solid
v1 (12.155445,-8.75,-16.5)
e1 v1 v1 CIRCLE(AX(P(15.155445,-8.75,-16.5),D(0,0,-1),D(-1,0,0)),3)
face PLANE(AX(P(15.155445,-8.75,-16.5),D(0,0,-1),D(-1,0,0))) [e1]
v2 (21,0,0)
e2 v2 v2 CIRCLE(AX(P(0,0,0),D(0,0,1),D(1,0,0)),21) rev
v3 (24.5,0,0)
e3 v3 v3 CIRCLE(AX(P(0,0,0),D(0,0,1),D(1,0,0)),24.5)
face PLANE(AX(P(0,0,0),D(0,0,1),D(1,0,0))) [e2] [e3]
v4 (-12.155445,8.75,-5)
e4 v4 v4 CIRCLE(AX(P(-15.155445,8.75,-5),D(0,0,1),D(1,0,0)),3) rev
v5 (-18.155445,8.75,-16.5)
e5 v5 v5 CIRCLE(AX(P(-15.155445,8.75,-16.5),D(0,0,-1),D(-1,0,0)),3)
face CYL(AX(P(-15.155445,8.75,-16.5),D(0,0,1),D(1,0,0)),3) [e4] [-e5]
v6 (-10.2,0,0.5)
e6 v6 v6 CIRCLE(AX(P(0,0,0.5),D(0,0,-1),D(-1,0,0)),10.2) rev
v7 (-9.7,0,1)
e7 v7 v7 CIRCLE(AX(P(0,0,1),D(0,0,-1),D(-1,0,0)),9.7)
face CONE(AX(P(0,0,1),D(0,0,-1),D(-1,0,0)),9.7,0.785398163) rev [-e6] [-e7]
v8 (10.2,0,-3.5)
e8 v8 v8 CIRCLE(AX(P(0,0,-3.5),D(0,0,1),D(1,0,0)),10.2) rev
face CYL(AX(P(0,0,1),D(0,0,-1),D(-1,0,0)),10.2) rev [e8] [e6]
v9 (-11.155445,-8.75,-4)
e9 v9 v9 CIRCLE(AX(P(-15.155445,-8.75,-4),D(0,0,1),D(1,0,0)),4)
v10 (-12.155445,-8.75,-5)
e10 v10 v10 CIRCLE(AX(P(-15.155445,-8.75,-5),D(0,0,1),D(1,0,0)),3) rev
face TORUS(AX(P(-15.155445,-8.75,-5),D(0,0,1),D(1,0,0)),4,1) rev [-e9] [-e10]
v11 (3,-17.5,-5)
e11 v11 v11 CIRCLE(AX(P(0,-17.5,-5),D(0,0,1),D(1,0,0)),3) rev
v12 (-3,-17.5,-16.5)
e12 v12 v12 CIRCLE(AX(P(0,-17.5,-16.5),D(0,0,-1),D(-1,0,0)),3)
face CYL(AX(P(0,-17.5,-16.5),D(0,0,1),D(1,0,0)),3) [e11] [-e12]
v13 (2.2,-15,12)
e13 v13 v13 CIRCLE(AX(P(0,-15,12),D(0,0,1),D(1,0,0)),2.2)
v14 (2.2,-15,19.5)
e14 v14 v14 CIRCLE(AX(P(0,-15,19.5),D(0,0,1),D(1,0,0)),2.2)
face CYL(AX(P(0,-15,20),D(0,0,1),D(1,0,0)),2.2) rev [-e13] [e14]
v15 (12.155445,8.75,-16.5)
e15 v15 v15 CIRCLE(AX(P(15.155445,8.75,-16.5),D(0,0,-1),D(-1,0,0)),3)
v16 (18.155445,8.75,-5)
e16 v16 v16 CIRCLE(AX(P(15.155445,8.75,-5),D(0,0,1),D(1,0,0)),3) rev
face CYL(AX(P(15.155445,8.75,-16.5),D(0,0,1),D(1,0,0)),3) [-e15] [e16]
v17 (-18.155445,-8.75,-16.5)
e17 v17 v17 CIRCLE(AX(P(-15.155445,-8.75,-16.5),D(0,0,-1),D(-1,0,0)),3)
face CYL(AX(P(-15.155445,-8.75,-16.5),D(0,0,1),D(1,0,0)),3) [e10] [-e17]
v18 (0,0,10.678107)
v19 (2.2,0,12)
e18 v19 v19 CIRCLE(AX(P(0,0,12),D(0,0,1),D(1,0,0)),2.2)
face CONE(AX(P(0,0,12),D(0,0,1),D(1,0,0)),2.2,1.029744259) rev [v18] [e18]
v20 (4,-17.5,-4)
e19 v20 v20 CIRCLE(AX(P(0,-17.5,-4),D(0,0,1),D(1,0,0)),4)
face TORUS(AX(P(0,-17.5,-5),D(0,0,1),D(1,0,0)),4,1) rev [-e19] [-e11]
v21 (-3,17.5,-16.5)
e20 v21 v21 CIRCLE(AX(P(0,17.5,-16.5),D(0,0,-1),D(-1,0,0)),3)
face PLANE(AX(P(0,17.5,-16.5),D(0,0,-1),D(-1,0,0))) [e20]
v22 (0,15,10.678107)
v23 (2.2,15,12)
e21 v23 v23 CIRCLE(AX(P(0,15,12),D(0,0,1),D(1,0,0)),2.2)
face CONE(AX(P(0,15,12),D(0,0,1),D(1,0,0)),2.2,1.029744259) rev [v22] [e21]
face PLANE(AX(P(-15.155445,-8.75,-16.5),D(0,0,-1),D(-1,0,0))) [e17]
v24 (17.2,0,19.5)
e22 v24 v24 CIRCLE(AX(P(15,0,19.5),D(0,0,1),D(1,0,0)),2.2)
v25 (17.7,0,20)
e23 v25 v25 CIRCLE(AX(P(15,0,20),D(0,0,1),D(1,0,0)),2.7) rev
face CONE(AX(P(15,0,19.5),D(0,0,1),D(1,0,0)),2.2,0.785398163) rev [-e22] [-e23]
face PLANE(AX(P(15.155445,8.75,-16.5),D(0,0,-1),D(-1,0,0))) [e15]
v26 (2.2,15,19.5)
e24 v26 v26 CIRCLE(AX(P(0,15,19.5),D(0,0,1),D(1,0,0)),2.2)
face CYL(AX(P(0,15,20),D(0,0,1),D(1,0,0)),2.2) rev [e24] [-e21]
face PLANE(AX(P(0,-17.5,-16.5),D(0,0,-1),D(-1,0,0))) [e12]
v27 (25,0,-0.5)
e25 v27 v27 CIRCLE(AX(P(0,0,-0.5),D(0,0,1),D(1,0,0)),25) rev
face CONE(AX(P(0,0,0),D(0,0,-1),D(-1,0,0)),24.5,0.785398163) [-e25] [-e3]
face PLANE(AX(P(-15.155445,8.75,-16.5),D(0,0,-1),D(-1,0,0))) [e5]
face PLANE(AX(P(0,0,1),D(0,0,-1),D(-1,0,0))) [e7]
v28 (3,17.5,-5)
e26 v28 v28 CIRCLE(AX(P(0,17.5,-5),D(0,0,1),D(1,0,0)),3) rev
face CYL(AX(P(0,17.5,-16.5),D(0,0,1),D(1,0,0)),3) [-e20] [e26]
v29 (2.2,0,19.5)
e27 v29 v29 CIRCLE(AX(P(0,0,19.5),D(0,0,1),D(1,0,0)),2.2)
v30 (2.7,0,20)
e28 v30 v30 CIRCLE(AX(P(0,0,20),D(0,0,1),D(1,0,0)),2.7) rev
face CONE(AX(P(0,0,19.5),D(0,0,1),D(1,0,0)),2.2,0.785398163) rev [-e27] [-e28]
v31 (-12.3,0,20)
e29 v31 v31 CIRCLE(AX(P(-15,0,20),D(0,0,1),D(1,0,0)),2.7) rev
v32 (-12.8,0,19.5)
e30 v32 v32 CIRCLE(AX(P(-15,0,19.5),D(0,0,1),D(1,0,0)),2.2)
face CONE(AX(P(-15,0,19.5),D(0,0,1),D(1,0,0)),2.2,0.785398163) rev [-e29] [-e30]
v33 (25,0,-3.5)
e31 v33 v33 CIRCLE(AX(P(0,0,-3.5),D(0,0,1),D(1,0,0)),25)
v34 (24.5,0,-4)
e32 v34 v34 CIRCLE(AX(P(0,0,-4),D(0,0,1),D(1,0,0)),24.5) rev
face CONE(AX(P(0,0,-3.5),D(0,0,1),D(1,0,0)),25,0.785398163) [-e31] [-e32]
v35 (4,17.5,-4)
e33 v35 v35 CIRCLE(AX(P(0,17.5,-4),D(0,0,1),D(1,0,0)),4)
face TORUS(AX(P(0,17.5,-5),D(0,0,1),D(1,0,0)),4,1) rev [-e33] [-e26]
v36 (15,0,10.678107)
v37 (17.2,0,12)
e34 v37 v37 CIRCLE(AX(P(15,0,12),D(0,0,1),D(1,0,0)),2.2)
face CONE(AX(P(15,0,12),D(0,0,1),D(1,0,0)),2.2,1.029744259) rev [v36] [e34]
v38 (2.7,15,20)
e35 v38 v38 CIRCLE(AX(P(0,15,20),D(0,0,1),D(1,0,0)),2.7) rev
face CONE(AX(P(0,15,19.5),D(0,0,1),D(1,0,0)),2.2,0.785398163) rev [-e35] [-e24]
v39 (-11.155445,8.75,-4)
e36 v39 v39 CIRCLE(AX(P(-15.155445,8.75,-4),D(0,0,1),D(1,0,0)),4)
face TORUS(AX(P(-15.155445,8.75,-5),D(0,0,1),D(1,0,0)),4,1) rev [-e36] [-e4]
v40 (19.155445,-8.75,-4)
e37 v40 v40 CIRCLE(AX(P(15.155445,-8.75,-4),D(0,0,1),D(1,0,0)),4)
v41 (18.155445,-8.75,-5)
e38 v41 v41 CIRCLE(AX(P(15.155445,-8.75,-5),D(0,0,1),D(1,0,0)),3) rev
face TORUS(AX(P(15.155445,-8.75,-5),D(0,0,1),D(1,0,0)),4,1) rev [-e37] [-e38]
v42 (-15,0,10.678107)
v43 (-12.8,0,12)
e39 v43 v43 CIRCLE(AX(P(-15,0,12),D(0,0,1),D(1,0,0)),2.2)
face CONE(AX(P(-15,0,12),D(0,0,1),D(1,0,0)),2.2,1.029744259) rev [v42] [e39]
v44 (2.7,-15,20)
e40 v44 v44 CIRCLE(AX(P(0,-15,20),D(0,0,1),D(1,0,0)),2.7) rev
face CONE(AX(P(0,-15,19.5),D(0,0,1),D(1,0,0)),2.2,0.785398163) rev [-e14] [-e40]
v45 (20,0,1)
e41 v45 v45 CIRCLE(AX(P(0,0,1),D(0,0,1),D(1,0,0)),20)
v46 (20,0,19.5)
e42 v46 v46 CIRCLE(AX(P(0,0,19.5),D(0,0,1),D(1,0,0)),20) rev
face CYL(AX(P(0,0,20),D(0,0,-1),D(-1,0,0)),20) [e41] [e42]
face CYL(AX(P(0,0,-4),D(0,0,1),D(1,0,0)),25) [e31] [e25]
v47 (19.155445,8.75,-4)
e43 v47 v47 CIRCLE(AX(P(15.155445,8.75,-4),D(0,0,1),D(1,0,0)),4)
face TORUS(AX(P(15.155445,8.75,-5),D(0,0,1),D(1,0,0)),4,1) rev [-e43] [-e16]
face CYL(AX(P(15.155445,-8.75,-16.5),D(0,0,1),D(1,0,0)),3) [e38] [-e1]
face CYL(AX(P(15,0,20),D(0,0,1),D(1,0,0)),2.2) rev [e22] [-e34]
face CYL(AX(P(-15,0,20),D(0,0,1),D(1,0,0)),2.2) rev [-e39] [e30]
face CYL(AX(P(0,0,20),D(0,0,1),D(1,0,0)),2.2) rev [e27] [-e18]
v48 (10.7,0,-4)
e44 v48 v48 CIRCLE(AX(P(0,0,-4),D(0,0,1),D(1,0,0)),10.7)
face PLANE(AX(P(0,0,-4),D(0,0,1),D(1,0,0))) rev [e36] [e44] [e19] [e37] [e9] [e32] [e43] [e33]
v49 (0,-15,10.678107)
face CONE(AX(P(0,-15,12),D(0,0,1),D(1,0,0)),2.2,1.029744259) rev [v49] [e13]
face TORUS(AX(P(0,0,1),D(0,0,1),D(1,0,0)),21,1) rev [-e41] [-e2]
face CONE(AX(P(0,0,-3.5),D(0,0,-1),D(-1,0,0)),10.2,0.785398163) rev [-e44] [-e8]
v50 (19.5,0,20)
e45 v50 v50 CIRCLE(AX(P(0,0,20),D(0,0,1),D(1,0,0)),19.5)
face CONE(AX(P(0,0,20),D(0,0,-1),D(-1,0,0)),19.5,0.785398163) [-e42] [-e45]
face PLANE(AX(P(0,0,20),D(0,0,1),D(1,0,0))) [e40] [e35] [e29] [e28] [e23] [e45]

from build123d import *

# Parameters (mm, degrees)
SKETCH1_R                 = 25
BOSS_EXTRUDE1_DEPTH       = 4
SKETCH2_R                 = 20
BOSS_EXTRUDE2_DEPTH       = 20
FILLET1_R                 = 1
SKETCH3_R                 = 10.2
CUT_EXTRUDE1_DEPTH        = 5
SKETCH4_R                 = 3
BOSS_EXTRUDE3_DEPTH       = 12.5
F_4_0MM_DOWEL_HOLE1_D     = 4.4
F_4_0MM_DOWEL_HOLE1_DEPTH = 8
F_4_0MM_DOWEL_HOLE1_TIP   = 1.321893362
FILLET2_R                 = 1
CHAMFER1_SIZE             = 0.5


with BuildPart() as part:
    # Sketch1 → Boss-Extrude1 (new body)
    with BuildSketch(Plane.XY):
        Circle(SKETCH1_R)
    extrude(amount=-BOSS_EXTRUDE1_DEPTH)

    # Sketch2 → Boss-Extrude2 (add)
    with BuildSketch(Plane.XY):
        Circle(SKETCH2_R)
    extrude(amount=BOSS_EXTRUDE2_DEPTH)

    # Fillet1
    fillet1_edges = [part.edges().sort_by_distance(p)[0] for p in [
        (-20, 0, 0),
    ]]
    fillet(fillet1_edges, radius=FILLET1_R)

    # Sketch3 → Cut-Extrude1 (cut)
    with BuildSketch(Plane(origin=(0, 0, -4), x_dir=(-1, 0, 0), z_dir=(0, 0, -1))):
        Circle(SKETCH3_R)
    extrude(amount=-CUT_EXTRUDE1_DEPTH, mode=Mode.SUBTRACT)

    # Sketch4 → Boss-Extrude3 (add)
    with BuildSketch(Plane(origin=(0, 0, -4), x_dir=(-1, 0, 0), z_dir=(0, 0, -1))):
        with Locations((0, 17.5)):
            Circle(SKETCH4_R)
        with Locations((15.155444566, 8.75)):
            Circle(SKETCH4_R)
        with Locations((15.155444566, -8.75)):
            Circle(SKETCH4_R)
        with Locations((0, -17.5)):
            Circle(SKETCH4_R)
        with Locations((-15.155444566, -8.75)):
            Circle(SKETCH4_R)
        with Locations((-15.155444566, 8.75)):
            Circle(SKETCH4_R)
    extrude(amount=BOSS_EXTRUDE3_DEPTH)

    # Ø4.0mm Dowel Hole1
    with Locations(Plane.XY.offset(20)):
        with Locations((0, 0), (0, 15), (15, 0), (0, -15), (-15, 0)):
            Hole(F_4_0MM_DOWEL_HOLE1_D / 2, depth=F_4_0MM_DOWEL_HOLE1_DEPTH)
            with Locations((0, 0, -(F_4_0MM_DOWEL_HOLE1_DEPTH + F_4_0MM_DOWEL_HOLE1_TIP / 2))):  # 118° drill point
                Cone(0, F_4_0MM_DOWEL_HOLE1_D / 2, F_4_0MM_DOWEL_HOLE1_TIP, mode=Mode.SUBTRACT)

    # Fillet2
    fillet2_edges = [part.edges().sort_by_distance(p)[0] for p in [
        (-12.155444566, 8.75, -4),
        (-12.155444566, -8.75, -4),
        (3, -17.5, -4),
        (18.155444566, 8.75, -4),
        (3, 17.5, -4),
        (18.155444566, -8.75, -4),
    ]]
    fillet(fillet2_edges, radius=FILLET2_R)

    # Chamfer1
    chamfer1_edges = [part.edges().sort_by_distance(p)[0] for p in [
        (10.2, 0, 1),
        (10.2, 0, -4),
        (-25, 0, 0),
        (-12.8, 0, 20),
        (-25, 0, -4),
        (2.2, -15, 20),
        (17.2, 0, 20),
        (2.2, 15, 20),
        (2.2, 0, 20),
        (-20, 0, 20),
    ]]
    chamfer(chamfer1_edges, length=CHAMFER1_SIZE)


solid = part.part
